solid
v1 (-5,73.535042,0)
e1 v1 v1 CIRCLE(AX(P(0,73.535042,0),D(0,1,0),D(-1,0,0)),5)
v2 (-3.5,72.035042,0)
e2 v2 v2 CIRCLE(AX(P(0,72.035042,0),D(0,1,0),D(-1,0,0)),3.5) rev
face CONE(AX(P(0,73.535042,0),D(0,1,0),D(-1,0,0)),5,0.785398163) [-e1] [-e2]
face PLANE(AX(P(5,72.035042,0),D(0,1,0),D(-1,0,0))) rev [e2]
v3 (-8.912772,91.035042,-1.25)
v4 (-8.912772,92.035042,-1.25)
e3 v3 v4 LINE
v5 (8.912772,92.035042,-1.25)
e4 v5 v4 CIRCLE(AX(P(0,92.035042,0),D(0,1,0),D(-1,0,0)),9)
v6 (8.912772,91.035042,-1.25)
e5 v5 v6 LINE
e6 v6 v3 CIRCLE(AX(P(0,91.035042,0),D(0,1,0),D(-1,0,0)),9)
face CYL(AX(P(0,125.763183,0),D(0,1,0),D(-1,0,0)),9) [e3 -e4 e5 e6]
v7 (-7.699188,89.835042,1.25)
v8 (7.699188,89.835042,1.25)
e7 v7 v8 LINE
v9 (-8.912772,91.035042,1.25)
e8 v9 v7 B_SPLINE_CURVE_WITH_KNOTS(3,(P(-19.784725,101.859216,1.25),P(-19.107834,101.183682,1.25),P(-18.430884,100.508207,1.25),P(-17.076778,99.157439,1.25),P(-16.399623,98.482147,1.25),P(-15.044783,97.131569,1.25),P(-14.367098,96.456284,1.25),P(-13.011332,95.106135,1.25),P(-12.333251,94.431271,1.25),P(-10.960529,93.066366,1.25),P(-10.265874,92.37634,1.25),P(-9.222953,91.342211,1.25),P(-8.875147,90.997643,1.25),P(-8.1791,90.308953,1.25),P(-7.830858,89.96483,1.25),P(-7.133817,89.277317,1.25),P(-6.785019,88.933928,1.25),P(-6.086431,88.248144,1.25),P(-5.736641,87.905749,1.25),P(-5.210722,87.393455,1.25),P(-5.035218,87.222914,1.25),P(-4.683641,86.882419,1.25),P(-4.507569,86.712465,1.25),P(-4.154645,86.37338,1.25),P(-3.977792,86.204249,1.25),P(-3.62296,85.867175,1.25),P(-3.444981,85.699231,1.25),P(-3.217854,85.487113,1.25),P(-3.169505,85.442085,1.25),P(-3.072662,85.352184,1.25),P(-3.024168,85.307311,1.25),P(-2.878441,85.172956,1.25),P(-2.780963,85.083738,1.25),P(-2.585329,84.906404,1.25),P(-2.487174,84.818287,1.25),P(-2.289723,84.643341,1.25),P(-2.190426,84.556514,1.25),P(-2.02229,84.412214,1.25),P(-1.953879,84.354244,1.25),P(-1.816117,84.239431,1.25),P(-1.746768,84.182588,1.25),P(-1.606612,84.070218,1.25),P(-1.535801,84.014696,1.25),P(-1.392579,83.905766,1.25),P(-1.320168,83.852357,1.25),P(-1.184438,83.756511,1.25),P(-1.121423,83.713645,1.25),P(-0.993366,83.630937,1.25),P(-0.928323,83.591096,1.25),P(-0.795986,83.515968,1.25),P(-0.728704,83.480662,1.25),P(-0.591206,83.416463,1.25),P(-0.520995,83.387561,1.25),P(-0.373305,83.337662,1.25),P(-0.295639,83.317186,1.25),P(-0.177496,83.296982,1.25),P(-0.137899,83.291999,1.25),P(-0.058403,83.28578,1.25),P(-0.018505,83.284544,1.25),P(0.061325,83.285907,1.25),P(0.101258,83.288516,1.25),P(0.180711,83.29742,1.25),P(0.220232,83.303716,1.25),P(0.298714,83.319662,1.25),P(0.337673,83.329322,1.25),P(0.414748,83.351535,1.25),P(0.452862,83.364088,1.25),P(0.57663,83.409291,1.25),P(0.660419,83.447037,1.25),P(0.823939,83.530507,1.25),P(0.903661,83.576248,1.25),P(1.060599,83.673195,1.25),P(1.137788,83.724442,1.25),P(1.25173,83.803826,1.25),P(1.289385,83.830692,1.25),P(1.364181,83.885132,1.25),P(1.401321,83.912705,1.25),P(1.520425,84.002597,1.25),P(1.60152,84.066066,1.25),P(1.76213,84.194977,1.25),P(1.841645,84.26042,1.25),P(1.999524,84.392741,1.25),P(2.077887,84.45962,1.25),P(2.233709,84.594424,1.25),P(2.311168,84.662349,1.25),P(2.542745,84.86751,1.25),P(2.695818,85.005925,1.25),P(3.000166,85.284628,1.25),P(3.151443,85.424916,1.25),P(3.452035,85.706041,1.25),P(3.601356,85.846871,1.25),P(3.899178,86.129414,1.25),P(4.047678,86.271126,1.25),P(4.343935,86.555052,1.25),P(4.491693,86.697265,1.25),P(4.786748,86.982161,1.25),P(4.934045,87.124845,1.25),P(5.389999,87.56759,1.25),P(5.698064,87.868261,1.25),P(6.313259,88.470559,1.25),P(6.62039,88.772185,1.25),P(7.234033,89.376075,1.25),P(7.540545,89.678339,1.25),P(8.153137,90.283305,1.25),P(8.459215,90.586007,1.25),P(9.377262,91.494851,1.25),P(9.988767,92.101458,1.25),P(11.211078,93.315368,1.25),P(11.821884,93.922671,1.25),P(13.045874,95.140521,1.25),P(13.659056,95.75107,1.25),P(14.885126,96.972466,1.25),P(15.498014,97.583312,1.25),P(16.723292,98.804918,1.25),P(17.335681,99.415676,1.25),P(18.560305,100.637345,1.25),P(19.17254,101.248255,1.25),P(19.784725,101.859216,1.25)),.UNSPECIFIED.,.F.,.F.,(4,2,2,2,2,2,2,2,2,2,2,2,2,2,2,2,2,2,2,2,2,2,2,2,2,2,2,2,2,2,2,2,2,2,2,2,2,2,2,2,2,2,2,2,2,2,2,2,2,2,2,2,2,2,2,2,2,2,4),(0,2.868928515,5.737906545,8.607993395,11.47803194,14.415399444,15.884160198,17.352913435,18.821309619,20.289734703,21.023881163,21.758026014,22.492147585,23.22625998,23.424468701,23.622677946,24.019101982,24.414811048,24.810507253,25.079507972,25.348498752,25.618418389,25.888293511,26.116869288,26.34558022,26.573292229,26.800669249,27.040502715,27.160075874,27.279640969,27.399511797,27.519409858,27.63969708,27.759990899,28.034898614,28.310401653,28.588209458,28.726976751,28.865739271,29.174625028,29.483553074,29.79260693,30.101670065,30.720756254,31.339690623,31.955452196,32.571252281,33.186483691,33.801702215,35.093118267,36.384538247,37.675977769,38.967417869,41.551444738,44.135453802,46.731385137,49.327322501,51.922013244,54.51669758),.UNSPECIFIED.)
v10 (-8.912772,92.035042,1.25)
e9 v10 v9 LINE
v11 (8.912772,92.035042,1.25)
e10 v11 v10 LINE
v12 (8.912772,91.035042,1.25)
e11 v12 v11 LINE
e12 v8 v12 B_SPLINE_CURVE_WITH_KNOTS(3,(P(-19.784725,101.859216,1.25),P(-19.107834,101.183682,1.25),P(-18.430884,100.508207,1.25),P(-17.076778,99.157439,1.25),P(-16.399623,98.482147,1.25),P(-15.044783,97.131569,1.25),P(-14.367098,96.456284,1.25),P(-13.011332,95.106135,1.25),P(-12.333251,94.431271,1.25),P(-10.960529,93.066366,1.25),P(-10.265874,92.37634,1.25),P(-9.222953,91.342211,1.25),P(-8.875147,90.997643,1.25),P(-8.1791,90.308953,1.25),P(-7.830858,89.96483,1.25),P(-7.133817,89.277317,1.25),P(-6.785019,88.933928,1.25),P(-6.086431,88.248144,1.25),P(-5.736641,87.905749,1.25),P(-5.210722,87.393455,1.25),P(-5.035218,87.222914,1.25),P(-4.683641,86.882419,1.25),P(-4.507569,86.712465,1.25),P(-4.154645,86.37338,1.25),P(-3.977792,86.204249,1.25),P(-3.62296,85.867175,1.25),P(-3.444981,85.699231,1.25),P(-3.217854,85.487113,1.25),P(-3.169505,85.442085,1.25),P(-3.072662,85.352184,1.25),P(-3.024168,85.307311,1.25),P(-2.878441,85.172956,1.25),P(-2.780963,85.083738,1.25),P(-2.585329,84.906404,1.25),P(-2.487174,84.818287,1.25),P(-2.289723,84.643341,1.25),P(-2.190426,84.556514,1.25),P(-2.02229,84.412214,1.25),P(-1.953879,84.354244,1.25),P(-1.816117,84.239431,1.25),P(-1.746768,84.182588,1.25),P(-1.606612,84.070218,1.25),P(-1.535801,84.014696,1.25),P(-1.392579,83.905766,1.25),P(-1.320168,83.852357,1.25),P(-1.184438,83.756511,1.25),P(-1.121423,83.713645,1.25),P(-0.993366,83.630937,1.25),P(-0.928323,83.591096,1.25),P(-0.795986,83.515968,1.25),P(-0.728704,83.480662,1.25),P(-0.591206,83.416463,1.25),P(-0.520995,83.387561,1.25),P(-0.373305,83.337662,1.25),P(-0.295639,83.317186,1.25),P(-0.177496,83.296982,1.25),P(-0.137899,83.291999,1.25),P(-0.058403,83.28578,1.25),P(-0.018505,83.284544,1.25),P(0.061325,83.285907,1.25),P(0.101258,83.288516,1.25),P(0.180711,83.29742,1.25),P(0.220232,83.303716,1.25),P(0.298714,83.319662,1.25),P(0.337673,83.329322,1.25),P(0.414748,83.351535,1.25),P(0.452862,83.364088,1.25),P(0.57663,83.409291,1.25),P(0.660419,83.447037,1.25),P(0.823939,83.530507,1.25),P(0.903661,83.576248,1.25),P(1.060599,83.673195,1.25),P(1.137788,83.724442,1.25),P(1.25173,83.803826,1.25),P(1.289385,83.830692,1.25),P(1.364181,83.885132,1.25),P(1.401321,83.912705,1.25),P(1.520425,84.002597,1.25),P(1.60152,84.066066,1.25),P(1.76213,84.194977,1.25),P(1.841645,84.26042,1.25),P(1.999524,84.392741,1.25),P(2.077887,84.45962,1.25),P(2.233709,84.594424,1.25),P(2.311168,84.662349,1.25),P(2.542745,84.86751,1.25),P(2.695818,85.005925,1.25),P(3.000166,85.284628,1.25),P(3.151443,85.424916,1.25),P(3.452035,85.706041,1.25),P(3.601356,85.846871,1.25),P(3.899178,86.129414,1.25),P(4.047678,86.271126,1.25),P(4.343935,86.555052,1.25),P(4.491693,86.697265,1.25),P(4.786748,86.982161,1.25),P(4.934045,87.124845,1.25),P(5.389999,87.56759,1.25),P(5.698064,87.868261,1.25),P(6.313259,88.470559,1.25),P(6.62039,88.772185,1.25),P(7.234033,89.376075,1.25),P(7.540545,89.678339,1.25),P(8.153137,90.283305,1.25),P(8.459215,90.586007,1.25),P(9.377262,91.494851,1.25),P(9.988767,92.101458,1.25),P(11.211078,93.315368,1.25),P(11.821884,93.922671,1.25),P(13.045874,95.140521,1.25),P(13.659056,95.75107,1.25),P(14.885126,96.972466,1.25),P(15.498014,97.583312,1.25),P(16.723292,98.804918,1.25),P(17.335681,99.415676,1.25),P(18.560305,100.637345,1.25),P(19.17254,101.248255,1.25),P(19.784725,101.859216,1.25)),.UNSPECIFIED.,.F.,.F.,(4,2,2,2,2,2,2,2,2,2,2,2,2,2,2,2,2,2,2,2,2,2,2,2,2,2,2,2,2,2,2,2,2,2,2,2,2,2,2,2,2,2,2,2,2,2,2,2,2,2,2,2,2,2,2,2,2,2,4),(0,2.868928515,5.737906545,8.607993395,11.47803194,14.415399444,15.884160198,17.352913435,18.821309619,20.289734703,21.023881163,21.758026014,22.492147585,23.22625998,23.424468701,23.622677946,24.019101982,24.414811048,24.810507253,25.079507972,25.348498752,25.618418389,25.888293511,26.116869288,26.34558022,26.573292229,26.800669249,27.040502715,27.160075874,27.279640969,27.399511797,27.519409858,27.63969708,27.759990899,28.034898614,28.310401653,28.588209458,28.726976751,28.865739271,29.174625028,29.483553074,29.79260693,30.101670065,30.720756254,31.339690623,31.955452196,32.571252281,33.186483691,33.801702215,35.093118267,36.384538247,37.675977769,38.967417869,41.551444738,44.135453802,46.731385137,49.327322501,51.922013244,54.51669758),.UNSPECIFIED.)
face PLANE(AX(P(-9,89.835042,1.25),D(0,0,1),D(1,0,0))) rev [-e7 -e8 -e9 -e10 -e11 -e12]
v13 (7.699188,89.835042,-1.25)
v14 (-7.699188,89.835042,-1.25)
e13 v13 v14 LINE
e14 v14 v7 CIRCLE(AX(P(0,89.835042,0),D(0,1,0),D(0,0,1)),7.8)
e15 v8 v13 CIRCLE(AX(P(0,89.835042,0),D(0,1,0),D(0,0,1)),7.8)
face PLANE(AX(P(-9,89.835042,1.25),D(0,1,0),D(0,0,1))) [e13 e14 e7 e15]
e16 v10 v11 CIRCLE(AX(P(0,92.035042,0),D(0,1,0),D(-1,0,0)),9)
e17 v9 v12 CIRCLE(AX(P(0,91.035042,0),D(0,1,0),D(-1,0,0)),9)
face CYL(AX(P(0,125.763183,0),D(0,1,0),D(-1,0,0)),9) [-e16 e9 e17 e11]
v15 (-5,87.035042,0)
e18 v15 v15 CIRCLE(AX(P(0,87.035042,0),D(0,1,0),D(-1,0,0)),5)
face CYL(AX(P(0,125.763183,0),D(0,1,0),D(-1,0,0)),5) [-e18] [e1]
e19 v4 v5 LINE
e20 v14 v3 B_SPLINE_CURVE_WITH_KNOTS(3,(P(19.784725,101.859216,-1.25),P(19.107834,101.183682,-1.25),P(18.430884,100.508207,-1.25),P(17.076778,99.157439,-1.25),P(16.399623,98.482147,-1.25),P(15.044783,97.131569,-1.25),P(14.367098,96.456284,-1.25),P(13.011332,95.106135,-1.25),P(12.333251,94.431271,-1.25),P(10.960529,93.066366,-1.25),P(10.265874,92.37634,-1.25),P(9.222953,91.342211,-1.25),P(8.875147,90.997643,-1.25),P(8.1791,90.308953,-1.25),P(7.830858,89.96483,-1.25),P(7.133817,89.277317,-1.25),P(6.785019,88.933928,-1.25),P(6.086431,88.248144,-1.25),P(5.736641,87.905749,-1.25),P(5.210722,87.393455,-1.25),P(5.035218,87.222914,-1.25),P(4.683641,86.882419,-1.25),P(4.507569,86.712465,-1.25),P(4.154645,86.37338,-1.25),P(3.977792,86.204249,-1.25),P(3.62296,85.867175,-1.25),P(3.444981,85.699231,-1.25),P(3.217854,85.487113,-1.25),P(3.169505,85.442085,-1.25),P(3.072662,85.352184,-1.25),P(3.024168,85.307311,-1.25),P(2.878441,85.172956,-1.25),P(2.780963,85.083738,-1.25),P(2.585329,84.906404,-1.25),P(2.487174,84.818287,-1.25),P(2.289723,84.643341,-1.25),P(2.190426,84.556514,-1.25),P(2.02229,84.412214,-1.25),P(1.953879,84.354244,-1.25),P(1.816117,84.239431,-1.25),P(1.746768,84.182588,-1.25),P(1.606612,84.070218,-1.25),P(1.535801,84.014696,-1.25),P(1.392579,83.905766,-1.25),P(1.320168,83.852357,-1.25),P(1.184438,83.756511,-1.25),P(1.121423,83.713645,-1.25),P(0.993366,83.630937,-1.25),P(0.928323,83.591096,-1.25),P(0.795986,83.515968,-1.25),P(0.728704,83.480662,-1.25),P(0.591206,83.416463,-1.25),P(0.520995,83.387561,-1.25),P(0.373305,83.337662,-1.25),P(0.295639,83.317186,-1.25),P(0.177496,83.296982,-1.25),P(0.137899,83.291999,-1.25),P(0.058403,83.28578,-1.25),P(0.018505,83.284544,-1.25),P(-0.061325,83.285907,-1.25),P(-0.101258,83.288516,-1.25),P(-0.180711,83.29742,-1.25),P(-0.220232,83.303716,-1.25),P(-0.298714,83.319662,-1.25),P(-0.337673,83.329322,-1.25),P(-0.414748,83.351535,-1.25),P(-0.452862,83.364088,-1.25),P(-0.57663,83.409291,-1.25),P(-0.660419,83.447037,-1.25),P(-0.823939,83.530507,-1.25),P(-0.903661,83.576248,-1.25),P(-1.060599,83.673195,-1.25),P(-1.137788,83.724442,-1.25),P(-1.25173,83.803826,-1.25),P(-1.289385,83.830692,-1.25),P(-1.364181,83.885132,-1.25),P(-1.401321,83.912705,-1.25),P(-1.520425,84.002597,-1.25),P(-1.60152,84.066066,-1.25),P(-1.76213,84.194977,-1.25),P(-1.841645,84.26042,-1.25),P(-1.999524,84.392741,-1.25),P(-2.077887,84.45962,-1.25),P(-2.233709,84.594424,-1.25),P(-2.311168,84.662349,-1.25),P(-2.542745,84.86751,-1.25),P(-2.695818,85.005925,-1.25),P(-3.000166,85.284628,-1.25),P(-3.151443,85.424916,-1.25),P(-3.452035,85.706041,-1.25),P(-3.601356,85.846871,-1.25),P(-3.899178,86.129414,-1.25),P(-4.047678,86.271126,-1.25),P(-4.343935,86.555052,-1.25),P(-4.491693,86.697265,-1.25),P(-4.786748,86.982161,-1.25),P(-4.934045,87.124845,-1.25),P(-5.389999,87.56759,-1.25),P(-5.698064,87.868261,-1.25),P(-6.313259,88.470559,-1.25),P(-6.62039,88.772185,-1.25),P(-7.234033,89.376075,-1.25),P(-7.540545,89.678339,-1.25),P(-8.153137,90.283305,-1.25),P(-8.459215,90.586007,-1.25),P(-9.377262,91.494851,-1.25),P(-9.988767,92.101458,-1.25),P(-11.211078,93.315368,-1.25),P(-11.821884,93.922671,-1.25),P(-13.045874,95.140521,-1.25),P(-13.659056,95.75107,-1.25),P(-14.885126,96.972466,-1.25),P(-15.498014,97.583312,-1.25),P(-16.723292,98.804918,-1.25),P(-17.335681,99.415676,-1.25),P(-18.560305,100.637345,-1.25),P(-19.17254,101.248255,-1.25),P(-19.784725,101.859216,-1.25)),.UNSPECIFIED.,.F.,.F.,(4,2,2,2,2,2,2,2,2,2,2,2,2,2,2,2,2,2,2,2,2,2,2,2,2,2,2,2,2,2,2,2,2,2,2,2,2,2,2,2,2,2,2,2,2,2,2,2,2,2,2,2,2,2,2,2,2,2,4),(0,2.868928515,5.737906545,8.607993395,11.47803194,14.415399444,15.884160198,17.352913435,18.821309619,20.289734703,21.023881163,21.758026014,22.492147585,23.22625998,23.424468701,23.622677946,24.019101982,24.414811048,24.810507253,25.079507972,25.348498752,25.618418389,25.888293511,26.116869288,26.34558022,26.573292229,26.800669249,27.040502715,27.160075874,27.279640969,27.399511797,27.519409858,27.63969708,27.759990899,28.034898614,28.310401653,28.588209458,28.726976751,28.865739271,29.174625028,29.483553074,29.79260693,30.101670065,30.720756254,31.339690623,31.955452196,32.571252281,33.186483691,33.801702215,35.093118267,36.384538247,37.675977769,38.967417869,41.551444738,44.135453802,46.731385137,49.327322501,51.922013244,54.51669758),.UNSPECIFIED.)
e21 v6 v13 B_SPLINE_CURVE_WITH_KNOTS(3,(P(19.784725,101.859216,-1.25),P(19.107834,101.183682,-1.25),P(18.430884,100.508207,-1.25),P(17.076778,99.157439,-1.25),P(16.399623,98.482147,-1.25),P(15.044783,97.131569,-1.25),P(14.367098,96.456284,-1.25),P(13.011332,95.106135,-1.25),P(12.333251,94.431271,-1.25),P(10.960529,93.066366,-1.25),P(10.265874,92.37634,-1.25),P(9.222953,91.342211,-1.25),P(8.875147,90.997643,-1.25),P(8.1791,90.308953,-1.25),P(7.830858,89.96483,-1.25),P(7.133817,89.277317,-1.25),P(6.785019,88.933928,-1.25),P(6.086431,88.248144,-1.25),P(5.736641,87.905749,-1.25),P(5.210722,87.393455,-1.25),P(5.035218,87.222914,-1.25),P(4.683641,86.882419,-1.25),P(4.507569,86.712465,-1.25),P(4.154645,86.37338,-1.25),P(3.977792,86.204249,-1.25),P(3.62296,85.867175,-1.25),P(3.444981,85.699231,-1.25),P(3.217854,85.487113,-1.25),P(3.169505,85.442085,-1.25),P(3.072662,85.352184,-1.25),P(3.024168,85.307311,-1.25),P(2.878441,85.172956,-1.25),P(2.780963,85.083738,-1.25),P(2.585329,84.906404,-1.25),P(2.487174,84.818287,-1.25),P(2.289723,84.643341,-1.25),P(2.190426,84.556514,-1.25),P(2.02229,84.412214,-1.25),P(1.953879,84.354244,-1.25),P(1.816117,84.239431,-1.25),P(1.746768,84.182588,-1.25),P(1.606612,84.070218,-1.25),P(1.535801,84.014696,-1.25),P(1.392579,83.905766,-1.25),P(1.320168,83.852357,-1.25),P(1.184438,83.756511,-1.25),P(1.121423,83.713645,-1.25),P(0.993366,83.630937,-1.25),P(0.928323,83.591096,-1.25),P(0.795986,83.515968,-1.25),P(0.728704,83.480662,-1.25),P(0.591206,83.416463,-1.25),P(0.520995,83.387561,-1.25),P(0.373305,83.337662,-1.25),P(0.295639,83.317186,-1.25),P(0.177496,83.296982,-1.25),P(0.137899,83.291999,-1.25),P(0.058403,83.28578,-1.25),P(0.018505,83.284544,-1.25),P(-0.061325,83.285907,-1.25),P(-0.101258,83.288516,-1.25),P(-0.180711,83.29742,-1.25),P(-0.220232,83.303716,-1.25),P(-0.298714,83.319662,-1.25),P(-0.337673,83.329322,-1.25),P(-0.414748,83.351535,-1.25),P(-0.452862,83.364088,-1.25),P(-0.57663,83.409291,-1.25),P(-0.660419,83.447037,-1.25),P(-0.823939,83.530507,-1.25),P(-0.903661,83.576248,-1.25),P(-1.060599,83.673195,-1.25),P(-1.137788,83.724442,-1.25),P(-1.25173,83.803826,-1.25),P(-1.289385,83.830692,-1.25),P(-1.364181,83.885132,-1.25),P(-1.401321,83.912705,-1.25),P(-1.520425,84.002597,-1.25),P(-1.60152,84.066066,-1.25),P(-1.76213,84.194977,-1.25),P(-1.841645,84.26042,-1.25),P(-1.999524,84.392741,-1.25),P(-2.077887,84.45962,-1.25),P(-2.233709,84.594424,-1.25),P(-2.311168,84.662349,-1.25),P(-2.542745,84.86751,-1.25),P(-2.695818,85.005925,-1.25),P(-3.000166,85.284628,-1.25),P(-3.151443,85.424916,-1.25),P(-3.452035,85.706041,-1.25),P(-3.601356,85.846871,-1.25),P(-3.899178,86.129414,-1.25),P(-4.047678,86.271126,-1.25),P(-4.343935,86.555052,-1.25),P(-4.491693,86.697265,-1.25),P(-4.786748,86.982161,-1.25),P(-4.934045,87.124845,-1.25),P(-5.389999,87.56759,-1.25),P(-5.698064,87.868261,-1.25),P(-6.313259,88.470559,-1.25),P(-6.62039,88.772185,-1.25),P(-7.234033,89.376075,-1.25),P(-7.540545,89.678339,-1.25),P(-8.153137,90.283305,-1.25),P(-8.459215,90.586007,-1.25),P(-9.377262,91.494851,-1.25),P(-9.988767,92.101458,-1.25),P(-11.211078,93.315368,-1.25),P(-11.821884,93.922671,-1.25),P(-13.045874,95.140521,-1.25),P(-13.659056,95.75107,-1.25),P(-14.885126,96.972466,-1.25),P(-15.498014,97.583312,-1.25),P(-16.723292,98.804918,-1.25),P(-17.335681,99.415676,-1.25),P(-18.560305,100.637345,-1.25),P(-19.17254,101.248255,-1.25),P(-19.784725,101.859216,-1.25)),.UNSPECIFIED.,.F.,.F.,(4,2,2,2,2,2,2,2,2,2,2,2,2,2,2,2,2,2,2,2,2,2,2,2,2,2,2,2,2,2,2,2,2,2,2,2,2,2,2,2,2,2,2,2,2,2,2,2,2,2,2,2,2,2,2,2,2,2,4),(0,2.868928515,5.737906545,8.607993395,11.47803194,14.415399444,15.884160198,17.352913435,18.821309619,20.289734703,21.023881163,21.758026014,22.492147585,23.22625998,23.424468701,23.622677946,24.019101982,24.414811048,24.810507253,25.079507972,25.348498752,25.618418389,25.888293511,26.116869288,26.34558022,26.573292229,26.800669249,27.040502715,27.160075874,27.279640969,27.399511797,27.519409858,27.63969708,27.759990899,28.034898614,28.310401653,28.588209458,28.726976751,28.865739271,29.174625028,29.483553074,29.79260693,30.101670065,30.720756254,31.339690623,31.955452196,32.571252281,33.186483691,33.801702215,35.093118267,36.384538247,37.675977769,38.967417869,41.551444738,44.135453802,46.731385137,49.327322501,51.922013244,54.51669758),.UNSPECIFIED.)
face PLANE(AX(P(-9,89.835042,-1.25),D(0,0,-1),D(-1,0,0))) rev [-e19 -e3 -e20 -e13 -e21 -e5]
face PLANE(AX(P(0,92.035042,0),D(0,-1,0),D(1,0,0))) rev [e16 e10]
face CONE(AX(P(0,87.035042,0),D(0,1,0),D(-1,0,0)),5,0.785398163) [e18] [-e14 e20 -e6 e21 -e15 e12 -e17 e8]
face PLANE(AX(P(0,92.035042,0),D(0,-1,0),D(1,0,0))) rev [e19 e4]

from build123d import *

# Parameters (mm, degrees)
SKETCH_13_W         = 18
SKETCH_13_H         = 2.5
CUT_EXTRUDE_9_DEPTH = 2.2
CHAMFER_1_SIZE      = 1.5


with BuildPart() as part:
    # Эскиз1 → Повернуть1 (revolve)
    with BuildSketch(Plane.XY):
        Polygon((0, 92.035042223), (0, 72.035042223), (5, 72.035042223), (5, 87.035042223), (9, 91.035042223), (9, 92.035042223), align=None)
    revolve(axis=Axis((0, 125.763182898, 0), (0, -1, 0)))

    # Эскиз13 → Вырез-Вытянуть9 (cut)
    with BuildSketch(Plane(origin=(0, 92.035042223, 0), x_dir=(-1, 0, 0), z_dir=(0, 1, 0))):
        Rectangle(SKETCH_13_W, SKETCH_13_H)
    extrude(amount=-CUT_EXTRUDE_9_DEPTH, mode=Mode.SUBTRACT)

    # Фаска1
    chamfer_1_edges = [part.edges().sort_by_distance(p)[0] for p in [
        (-5, 72.035042223, 0),
    ]]
    chamfer(chamfer_1_edges, length=CHAMFER_1_SIZE)


solid = part.part
